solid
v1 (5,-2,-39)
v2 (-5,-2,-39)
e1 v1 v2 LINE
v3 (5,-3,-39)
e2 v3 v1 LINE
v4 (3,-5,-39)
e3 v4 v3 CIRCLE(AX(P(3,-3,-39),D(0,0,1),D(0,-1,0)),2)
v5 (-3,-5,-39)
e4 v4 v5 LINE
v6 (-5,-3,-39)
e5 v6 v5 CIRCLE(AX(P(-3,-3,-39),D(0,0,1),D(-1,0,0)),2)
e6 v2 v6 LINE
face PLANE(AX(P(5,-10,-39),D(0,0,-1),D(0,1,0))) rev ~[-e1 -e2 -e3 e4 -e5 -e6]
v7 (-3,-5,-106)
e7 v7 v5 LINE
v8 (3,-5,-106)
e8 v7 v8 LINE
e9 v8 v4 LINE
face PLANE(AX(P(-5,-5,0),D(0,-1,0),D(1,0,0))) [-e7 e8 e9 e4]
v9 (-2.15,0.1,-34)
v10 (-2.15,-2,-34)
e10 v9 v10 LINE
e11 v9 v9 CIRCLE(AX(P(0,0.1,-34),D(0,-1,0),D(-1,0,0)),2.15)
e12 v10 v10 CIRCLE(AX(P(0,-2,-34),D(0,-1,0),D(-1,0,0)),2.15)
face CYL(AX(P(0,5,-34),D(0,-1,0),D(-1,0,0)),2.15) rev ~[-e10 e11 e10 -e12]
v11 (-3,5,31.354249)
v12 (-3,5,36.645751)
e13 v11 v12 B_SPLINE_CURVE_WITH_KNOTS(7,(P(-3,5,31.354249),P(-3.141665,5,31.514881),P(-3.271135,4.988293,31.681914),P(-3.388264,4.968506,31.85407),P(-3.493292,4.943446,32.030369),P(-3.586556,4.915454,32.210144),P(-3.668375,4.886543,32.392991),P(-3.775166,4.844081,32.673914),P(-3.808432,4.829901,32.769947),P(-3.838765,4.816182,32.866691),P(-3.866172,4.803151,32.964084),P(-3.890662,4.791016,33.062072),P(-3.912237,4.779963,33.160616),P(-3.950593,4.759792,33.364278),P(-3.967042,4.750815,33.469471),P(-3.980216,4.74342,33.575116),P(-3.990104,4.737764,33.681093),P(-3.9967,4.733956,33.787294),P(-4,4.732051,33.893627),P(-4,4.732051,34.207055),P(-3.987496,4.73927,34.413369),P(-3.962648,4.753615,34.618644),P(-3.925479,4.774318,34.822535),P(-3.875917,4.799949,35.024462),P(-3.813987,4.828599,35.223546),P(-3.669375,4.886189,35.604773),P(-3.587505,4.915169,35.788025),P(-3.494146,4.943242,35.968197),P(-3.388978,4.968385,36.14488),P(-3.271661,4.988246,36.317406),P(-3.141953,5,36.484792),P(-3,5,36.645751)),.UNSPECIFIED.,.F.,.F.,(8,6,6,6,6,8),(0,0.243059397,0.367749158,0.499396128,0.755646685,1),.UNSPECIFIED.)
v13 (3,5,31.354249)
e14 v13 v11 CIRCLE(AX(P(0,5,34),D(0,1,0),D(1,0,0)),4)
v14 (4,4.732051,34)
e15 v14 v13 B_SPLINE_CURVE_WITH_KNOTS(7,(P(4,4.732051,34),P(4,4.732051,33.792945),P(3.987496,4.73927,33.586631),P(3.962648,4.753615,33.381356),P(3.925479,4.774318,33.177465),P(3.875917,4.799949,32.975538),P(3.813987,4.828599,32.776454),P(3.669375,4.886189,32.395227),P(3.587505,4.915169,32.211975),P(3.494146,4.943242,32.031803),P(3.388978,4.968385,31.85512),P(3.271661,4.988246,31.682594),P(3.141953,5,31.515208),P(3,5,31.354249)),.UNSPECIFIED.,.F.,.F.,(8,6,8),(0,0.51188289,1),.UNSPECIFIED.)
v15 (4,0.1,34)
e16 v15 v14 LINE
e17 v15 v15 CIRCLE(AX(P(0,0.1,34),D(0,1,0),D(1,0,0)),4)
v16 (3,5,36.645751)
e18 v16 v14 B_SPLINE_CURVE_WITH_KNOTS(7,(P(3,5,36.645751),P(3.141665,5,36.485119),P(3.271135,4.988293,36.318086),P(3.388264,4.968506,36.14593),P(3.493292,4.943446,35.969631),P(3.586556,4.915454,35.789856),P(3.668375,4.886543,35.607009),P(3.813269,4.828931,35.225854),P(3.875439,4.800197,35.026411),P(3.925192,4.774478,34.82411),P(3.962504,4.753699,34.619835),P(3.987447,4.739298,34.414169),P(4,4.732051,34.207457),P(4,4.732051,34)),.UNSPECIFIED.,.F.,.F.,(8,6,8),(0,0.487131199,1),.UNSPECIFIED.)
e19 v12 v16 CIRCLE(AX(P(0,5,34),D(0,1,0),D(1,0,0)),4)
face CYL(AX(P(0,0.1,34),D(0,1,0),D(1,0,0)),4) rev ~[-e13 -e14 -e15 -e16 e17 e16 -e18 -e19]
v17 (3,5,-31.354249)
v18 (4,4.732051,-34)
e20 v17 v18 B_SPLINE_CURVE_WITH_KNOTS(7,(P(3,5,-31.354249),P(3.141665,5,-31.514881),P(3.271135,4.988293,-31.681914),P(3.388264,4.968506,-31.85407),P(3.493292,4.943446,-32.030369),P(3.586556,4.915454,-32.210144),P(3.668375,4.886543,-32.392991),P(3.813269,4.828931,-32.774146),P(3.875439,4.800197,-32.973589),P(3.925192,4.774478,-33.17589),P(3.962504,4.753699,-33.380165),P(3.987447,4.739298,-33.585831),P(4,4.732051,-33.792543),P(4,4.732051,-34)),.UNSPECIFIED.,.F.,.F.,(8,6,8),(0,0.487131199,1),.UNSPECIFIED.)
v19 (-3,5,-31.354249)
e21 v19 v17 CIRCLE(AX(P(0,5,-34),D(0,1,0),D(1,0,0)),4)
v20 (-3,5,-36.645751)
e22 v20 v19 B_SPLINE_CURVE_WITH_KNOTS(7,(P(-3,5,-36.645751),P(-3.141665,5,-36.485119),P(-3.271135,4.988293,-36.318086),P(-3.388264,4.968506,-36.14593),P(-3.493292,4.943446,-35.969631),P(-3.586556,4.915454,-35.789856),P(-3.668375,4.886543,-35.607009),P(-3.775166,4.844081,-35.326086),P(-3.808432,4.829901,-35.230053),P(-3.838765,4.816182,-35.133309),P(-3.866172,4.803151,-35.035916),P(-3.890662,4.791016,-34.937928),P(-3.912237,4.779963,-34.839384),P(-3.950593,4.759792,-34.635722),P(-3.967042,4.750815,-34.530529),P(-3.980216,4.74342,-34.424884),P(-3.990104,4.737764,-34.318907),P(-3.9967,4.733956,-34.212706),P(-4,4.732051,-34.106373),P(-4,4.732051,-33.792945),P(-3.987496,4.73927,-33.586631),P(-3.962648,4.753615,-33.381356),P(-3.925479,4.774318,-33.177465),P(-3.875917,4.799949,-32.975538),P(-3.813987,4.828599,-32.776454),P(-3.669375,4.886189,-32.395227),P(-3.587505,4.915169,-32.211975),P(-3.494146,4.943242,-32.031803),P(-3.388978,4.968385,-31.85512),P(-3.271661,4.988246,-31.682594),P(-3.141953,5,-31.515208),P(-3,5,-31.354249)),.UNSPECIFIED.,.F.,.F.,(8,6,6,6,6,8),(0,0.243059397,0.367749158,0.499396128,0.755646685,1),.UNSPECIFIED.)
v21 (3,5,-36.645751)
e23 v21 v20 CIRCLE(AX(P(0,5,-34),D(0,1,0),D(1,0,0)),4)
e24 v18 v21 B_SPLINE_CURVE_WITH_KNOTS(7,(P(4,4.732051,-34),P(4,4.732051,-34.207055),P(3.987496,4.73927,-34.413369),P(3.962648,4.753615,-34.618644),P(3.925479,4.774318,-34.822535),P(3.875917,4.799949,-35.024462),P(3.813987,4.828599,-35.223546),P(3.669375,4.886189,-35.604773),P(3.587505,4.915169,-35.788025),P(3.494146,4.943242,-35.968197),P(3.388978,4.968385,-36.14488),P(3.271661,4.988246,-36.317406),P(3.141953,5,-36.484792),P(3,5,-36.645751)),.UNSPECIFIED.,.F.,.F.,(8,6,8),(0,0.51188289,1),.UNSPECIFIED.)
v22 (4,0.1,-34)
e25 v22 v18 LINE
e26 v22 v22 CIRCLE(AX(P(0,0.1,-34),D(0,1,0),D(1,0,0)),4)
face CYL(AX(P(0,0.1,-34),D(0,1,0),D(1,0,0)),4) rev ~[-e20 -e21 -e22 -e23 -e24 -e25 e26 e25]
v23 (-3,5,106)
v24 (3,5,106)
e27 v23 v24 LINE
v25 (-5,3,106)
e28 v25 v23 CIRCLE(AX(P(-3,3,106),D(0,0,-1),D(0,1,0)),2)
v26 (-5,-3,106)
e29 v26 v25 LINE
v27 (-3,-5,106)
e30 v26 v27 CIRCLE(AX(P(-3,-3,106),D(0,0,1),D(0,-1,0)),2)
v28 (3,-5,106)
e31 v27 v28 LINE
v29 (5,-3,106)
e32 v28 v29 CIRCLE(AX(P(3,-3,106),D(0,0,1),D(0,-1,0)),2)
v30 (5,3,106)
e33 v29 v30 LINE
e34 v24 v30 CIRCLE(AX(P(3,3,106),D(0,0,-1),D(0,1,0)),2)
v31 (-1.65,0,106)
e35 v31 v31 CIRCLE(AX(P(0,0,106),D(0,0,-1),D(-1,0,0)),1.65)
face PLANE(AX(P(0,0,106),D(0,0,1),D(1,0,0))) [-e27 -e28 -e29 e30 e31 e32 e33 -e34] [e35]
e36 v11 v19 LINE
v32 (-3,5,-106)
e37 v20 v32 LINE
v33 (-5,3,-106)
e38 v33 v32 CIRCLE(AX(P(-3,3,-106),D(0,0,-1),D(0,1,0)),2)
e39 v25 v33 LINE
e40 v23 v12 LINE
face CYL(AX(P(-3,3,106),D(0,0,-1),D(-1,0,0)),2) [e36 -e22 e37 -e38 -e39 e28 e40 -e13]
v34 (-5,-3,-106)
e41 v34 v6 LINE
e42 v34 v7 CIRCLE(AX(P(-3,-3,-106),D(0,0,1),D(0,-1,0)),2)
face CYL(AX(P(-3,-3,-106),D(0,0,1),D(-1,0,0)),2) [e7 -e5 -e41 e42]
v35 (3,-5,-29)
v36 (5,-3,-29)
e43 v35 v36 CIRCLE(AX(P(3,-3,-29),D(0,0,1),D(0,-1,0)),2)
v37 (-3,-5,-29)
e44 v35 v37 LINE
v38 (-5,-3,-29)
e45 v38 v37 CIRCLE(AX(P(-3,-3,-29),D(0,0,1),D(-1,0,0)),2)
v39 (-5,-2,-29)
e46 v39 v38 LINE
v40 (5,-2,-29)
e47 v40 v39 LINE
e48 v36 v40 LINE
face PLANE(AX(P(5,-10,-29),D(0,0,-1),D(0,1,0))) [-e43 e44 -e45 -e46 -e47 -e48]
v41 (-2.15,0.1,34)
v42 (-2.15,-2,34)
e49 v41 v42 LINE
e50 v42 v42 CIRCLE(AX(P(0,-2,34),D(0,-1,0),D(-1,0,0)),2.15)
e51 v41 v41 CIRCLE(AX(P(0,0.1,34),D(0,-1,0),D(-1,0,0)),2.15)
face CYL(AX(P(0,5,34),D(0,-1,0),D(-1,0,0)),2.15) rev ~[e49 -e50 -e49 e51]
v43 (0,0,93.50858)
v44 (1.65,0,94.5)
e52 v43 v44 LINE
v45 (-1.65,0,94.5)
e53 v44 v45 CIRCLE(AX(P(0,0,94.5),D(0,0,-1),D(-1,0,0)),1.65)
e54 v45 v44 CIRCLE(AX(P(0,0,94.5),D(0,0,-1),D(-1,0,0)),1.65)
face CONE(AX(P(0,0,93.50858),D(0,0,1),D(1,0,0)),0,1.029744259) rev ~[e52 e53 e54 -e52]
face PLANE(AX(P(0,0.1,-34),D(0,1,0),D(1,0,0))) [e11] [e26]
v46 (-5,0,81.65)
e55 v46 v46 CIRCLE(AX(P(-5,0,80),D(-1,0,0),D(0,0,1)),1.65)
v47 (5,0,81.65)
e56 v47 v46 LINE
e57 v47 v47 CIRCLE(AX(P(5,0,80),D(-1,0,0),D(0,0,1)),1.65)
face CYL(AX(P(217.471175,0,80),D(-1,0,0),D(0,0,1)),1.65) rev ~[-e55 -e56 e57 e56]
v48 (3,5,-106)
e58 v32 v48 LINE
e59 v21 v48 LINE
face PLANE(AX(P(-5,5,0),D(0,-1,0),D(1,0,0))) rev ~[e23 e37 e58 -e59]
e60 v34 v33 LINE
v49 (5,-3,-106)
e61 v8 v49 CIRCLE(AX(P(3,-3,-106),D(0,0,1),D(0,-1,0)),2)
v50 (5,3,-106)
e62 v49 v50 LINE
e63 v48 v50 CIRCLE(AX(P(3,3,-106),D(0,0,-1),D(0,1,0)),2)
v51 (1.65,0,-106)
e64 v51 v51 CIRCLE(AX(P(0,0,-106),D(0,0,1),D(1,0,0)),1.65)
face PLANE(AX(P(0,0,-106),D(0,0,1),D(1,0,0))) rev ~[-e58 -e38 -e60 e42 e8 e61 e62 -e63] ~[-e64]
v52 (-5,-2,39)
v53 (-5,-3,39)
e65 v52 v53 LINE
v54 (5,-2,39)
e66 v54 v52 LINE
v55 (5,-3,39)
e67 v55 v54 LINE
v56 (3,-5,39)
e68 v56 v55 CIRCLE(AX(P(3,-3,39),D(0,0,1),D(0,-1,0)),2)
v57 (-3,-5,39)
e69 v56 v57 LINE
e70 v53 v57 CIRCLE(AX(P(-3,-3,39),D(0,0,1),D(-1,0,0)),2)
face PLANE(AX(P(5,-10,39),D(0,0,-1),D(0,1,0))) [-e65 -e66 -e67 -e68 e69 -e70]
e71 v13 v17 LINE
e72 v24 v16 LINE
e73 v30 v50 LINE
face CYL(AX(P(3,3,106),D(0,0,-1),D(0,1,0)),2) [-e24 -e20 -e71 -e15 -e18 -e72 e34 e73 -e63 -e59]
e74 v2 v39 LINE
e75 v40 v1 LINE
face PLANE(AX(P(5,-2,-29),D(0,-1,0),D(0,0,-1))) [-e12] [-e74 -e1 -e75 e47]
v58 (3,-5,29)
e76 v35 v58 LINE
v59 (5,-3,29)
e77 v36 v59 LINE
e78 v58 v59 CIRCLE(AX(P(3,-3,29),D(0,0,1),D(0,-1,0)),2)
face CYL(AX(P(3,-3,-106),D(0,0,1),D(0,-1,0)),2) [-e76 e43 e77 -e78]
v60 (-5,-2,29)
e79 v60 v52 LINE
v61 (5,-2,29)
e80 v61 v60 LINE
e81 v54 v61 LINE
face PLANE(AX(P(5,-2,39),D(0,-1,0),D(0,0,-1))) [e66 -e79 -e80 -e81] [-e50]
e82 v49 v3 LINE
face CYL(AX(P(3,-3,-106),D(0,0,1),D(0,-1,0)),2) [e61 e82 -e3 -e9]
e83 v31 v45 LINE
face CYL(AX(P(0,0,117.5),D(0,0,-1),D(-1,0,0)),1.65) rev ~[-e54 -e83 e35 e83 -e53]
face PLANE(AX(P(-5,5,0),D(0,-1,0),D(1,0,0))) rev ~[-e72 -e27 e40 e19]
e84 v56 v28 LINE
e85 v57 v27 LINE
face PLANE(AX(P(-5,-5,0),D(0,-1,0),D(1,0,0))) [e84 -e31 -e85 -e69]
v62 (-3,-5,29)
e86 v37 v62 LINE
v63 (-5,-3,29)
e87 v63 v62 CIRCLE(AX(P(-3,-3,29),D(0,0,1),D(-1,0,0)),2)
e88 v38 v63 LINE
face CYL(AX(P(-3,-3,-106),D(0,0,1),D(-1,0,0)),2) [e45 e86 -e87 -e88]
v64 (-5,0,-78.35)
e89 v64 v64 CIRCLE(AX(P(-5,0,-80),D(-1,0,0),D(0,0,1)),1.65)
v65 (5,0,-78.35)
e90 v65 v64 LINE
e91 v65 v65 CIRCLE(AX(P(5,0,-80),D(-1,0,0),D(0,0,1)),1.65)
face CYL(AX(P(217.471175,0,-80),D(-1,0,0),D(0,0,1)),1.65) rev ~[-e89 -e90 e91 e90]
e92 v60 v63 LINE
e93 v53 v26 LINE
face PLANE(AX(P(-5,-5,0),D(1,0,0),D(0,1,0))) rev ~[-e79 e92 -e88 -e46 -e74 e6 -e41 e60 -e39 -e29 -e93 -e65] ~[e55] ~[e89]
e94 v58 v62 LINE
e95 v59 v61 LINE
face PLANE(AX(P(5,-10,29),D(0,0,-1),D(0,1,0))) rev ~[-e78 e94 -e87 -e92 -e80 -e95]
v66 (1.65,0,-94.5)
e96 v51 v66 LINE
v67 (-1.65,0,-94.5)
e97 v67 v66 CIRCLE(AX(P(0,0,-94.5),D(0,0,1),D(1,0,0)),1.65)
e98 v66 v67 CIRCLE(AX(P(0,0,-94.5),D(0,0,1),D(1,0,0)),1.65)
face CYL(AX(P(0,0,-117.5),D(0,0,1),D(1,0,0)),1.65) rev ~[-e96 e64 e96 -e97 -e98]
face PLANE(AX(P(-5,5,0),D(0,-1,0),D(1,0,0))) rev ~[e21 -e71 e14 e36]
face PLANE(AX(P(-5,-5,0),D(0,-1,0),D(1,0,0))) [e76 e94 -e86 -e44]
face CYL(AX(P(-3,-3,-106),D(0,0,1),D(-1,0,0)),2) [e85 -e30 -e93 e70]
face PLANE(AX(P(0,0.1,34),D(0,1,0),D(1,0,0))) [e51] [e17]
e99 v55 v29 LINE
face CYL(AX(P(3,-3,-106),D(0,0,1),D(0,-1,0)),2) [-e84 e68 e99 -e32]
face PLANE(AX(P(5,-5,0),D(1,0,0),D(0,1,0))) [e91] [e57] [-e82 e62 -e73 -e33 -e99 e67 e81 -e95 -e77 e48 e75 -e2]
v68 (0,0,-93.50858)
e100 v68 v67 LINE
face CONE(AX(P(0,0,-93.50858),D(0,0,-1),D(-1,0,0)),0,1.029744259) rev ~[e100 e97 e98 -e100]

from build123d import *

# Parameters (mm, degrees)
ESQUISSE1_W                                        = 10
ESQUISSE1_H                                        = 10
BOSS_EXTRU_1_DEPTH                                 = 106
TROU_TARAUD_M41_D                                  = 3.3
TROU_TARAUD_M41_DEPTH                              = 11.5
TROU_TARAUD_M41_TIP                                = 0.991420021
TROU_TARAUD_M42_D                                  = 3.3
TROU_TARAUD_M42_DEPTH                              = 11.5
TROU_TARAUD_M42_TIP                                = 0.991420021
CONG_1_R                                           = 2
CHAMBRAGE_POUR_VIS_T_TE_HEXAGONALE_M41_D           = 4.3
CHAMBRAGE_POUR_VIS_T_TE_HEXAGONALE_M41_CBORE_D     = 8
CHAMBRAGE_POUR_VIS_T_TE_HEXAGONALE_M41_CBORE_DEPTH = 4.9
ENL_V_MAT_EXTRU_1_REACH                            = 108.588
ESQUISSE8_W                                        = 10
ESQUISSE8_H                                        = 8
TROU_TARAUD_M44_D                                  = 3.3


with BuildPart() as part:
    # Esquisse1 → Boss.-Extru.1 (new, symmetric)
    with BuildSketch(Plane.XY):
        Rectangle(ESQUISSE1_W, ESQUISSE1_H)
    extrude(amount=BOSS_EXTRU_1_DEPTH, both=True)

    # Trou taraudé M41
    with Locations(Plane.XY.offset(106)):
        with Locations((0, 0)):
            Hole(TROU_TARAUD_M41_D / 2, depth=TROU_TARAUD_M41_DEPTH)
            with Locations((0, 0, -(TROU_TARAUD_M41_DEPTH + TROU_TARAUD_M41_TIP / 2))):  # 118° drill point
                Cone(0, TROU_TARAUD_M41_D / 2, TROU_TARAUD_M41_TIP, mode=Mode.SUBTRACT)

    # Trou taraudé M42
    with Locations(Plane(origin=(0, 0, -106), x_dir=(-1, 0, 0), z_dir=(0, 0, -1))):
        with Locations((0, 0)):
            Hole(TROU_TARAUD_M42_D / 2, depth=TROU_TARAUD_M42_DEPTH)
            with Locations((0, 0, -(TROU_TARAUD_M42_DEPTH + TROU_TARAUD_M42_TIP / 2))):  # 118° drill point
                Cone(0, TROU_TARAUD_M42_D / 2, TROU_TARAUD_M42_TIP, mode=Mode.SUBTRACT)

    # Congé1
    cong_1_edges = [part.edges().sort_by_distance(p)[0] for p in [
        (-5, 5, 0),
        (5, 5, 0),
        (5, -5, 0),
        (-5, -5, 0),
    ]]
    fillet(cong_1_edges, radius=CONG_1_R)

    # Chambrage pour vis à tête hexagonale M41 (through all)
    with Locations(Plane(origin=(0, 5, 0), x_dir=(1, 0, 0), z_dir=(0, 1, 0))):
        with Locations((0, 34), (0, -34)):
            CounterBoreHole(CHAMBRAGE_POUR_VIS_T_TE_HEXAGONALE_M41_D / 2, CHAMBRAGE_POUR_VIS_T_TE_HEXAGONALE_M41_CBORE_D / 2, CHAMBRAGE_POUR_VIS_T_TE_HEXAGONALE_M41_CBORE_DEPTH)

    # Esquisse8 → Enlèv. mat.-Extru.1 (cut, up to next)
    with BuildSketch(Plane(origin=(5, 0, 0), x_dir=(0, 0, -1), z_dir=(1, 0, 0)), mode=Mode.PRIVATE) as enl_v_mat_extru_1_sk1:
        with Locations((34, -6)):
            Rectangle(ESQUISSE8_W, ESQUISSE8_H)
    enl_v_mat_extru_1_tool1 = extrude(enl_v_mat_extru_1_sk1.sketch, amount=-ENL_V_MAT_EXTRU_1_REACH, mode=Mode.PRIVATE) & part.part
    # Esquisse8 → Enlèv. mat.-Extru.1 (cut, up to next)
    with BuildSketch(Plane(origin=(5, 0, 0), x_dir=(0, 0, -1), z_dir=(1, 0, 0)), mode=Mode.PRIVATE) as enl_v_mat_extru_1_sk2:
        with Locations((-34, -6)):
            Rectangle(ESQUISSE8_W, ESQUISSE8_H)
    enl_v_mat_extru_1_tool2 = extrude(enl_v_mat_extru_1_sk2.sketch, amount=-ENL_V_MAT_EXTRU_1_REACH, mode=Mode.PRIVATE) & part.part
    add(enl_v_mat_extru_1_tool1.solids().sort_by_distance((5, -6, -34))[0], mode=Mode.SUBTRACT)
    add(enl_v_mat_extru_1_tool2.solids().sort_by_distance((5, -6, 34))[0], mode=Mode.SUBTRACT)

    # Trou taraudé M44 (through all)
    with Locations(Plane(origin=(5, 0, 0), x_dir=(0, 0, -1), z_dir=(1, 0, 0))):
        with Locations((-80, 0), (80, 0)):
            Hole(TROU_TARAUD_M44_D / 2)


solid = part.part
